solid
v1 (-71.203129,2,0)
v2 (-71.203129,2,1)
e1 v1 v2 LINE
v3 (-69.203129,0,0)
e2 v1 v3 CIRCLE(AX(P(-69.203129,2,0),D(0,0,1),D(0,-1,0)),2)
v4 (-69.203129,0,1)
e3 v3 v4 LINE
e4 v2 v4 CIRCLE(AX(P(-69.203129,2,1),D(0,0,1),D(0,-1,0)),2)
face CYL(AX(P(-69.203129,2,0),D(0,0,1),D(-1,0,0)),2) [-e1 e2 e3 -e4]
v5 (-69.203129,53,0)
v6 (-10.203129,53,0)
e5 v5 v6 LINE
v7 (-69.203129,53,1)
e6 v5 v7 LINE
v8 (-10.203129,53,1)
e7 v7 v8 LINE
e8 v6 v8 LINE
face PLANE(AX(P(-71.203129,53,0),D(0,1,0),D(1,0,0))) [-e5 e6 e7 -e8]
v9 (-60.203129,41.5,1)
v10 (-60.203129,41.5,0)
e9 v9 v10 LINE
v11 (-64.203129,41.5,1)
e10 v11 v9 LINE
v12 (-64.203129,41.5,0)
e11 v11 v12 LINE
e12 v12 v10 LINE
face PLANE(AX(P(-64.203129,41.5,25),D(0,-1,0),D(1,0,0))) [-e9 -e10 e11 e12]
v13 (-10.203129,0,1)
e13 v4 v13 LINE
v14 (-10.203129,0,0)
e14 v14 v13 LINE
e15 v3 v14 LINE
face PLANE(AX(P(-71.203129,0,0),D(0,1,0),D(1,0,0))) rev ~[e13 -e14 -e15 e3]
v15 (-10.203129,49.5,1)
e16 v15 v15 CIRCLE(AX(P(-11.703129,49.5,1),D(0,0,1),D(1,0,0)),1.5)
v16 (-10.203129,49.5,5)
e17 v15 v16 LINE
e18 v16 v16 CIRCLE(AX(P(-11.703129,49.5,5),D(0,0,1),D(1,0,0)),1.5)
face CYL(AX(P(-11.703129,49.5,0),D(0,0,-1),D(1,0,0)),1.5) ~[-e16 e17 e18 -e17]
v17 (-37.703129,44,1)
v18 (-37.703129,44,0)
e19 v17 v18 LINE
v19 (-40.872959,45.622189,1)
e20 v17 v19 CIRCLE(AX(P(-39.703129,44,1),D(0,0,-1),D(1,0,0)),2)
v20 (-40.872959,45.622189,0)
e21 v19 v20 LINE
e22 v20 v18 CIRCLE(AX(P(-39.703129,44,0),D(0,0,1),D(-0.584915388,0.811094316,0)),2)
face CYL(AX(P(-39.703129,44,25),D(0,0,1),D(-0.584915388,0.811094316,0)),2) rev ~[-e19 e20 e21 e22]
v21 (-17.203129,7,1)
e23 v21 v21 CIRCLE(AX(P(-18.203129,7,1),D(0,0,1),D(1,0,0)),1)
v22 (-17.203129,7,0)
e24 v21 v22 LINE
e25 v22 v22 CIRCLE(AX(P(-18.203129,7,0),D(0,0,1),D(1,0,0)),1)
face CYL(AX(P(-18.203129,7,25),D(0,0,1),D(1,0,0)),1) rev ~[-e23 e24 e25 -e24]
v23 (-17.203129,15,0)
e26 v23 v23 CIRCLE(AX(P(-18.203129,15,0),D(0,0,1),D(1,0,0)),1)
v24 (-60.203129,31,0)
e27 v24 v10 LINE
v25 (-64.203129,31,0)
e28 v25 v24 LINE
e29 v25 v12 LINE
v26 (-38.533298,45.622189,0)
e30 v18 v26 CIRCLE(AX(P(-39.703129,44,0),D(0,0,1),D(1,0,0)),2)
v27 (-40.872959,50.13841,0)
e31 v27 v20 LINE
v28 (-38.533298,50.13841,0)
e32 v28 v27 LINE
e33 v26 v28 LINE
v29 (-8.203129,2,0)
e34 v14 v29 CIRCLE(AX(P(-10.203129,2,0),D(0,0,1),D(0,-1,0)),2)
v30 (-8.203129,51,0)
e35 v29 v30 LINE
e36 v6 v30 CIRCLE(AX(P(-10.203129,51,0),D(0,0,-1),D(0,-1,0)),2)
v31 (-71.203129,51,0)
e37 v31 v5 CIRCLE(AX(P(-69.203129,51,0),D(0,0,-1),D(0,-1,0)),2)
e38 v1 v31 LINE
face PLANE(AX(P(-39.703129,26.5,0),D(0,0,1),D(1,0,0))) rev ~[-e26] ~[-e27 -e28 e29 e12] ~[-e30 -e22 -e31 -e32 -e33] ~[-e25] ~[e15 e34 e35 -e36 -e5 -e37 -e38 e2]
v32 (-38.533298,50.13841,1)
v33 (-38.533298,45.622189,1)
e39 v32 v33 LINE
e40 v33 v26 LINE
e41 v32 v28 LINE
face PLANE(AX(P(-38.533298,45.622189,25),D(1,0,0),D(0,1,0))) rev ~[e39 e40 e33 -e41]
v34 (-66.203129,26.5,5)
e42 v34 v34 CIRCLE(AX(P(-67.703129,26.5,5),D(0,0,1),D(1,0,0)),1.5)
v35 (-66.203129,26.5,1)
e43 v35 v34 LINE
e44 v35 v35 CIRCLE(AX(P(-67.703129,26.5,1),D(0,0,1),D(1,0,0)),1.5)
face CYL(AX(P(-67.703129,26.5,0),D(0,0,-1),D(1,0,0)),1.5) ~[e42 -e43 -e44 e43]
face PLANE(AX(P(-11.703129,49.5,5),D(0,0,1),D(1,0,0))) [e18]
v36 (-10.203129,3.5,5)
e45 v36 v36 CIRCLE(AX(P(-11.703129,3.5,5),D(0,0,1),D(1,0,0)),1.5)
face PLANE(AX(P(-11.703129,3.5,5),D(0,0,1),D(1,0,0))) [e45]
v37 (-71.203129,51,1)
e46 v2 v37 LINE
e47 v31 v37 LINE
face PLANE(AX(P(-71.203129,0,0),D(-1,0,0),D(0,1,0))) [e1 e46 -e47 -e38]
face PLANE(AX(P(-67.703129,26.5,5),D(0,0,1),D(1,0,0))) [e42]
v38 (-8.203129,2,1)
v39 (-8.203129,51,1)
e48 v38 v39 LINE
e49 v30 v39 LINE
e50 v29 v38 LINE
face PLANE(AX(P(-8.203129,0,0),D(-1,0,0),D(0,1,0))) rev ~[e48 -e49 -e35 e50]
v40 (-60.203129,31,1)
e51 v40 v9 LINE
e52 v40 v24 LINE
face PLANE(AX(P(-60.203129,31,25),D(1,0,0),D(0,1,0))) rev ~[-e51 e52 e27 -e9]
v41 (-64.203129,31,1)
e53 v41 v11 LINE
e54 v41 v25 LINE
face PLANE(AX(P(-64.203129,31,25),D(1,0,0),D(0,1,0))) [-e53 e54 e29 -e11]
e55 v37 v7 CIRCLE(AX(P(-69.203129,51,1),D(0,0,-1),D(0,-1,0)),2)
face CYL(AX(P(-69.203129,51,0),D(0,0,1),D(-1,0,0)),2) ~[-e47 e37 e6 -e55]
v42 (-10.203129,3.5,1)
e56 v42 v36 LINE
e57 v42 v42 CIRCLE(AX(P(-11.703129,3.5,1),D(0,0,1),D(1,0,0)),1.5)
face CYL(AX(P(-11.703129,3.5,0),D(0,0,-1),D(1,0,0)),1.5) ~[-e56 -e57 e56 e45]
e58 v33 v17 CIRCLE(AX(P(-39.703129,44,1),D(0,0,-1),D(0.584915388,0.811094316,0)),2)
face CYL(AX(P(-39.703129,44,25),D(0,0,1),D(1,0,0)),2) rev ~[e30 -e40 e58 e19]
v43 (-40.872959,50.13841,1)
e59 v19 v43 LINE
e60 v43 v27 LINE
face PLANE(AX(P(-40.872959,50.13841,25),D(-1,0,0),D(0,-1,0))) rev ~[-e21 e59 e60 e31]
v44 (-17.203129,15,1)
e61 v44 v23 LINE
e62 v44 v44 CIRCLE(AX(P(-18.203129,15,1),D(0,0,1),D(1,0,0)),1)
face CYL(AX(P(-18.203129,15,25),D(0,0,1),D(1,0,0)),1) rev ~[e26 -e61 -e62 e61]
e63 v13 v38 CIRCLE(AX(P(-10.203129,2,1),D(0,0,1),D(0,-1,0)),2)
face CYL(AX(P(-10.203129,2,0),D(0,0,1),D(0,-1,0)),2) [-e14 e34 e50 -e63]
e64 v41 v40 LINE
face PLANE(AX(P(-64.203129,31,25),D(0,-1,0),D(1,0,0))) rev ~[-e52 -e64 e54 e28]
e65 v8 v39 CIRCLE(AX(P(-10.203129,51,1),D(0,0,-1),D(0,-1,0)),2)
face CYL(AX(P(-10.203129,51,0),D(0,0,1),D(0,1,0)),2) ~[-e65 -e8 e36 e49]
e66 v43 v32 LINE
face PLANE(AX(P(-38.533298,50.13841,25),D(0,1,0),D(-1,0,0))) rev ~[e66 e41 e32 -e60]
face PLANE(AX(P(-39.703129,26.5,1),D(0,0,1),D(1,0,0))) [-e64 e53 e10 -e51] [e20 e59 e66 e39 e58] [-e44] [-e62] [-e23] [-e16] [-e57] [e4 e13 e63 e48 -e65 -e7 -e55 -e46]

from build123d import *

# Parameters (mm, degrees)
F1_W     = 63
F1_H     = 53
F1_R     = 1.5
F1_R_2   = 1
F1_W_2   = 4
F1_H_2   = 10.5
F2_DEPTH = 1
F3_R     = 2
F4_DEPTH = 25
F5_DEPTH = 25
F6_DEPTH = 25
F7_DEPTH = 20


with BuildPart() as f2:
    # F1 (on face) → F2 (new body)
    with BuildSketch(Plane.XY):
        with Locations((-39.7031286434, 26.5)):
            Rectangle(F1_W, F1_H)
        with Locations((-11.7031286434, 3.5)):
            Circle(F1_R, mode=Mode.SUBTRACT)
        with Locations((-18.2031286434, 7)):
            Circle(F1_R_2, mode=Mode.SUBTRACT)
        with Locations((-18.2031286434, 15)):
            Circle(F1_R_2, mode=Mode.SUBTRACT)
        with Locations((-67.7031286434, 26.5)):
            Circle(F1_R, mode=Mode.SUBTRACT)
        with Locations((-62.2031286434, 36.25)):
            Rectangle(F1_W_2, F1_H_2, mode=Mode.SUBTRACT)
        with BuildLine():
            ThreePointArc((-38.5332978681, 45.6221886318), (-37.9227267856, 44.9111362273), (-37.7031286434, 44))
            ThreePointArc((-37.7031286434, 44), (-40.6142648707, 42.2195981422), (-40.8729594187, 45.6221886318))
            Line((-40.8729594187, 45.6221886318), (-40.8729594187, 50.1384101469))
            Line((-40.8729594187, 50.1384101469), (-38.5332978681, 50.1384101469))
            Line((-38.5332978681, 50.1384101469), (-38.5332978681, 45.6221886318))
        make_face(mode=Mode.SUBTRACT)
        with Locations((-11.7031286434, 49.5)):
            Circle(F1_R, mode=Mode.SUBTRACT)
    extrude(amount=F2_DEPTH)

    # F3
    f3_edges = [f2.edges().sort_by_distance(p)[0] for p in [
        (-71.203129, 53, 0.5),
        (-71.203129, 0, 0.5),
        (-8.203129, 0, 0.5),
        (-8.203129, 53, 0.5),
    ]]
    fillet(f3_edges, radius=F3_R)

    # F1 (on face) → F4 (join)
    with BuildSketch(Plane.XY):
        with Locations((-11.7031286434, 49.5)):
            Circle(F1_R)
        with Locations((-11.7031286434, 3.5)):
            Circle(F1_R)
        with Locations((-67.7031286434, 26.5)):
            Circle(F1_R)
        with Locations((-62.2031286434, 36.25)):
            Rectangle(F1_W_2, F1_H_2)
        with Locations((-18.2031286434, 7)):
            Circle(F1_R_2)
        with Locations((-18.2031286434, 15)):
            Circle(F1_R_2)
        with BuildLine():
            ThreePointArc((-40.8729594187, 45.6221886318), (-40.6142648707, 42.2195981422), (-37.7031286434, 44))
            ThreePointArc((-37.7031286434, 44), (-37.9227267856, 44.9111362273), (-38.5332978681, 45.6221886318))
            Line((-38.5332978681, 45.6221886318), (-40.8729594187, 45.6221886318))
        make_face()
        with BuildLine():
            Line((-40.8729594187, 45.6221886318), (-38.5332978681, 45.6221886318))
            ThreePointArc((-38.5332978681, 45.6221886318), (-39.7031286434, 46), (-40.8729594187, 45.6221886318))
        make_face()
        with BuildLine():
            ThreePointArc((-40.8729594187, 45.6221886318), (-39.7031286434, 46), (-38.5332978681, 45.6221886318))
            Line((-38.5332978681, 45.6221886318), (-38.5332978681, 50.1384101469))
            Line((-38.5332978681, 50.1384101469), (-40.8729594187, 50.1384101469))
            Line((-40.8729594187, 50.1384101469), (-40.8729594187, 45.6221886318))
        make_face()
    extrude(amount=F4_DEPTH)

    # F5 (cut): a face of the model
    f5_faces = [f2.faces().sort_by_distance(p)[0] for p in [
        (-62.2031286434, 36.25, 25),
    ]]
    extrude(f5_faces, amount=-F5_DEPTH, mode=Mode.SUBTRACT)

    # F6 (cut): faces of the model
    f6_faces = [f2.faces().sort_by_distance(p)[0] for p in [
        (-39.7031286434, 45.772355973, 25),
        (-18.2031286434, 15, 25),
        (-18.2031286434, 7, 25),
    ]]
    extrude(f6_faces, amount=-F6_DEPTH, mode=Mode.SUBTRACT)

    # F7 (cut): faces of the model
    f7_faces = [f2.faces().sort_by_distance(p)[0] for p in [
        (-11.7031286434, 49.5, 25),
        (-67.7031286434, 26.5, 25),
        (-11.7031286434, 3.5, 25),
    ]]
    extrude(f7_faces, amount=-F7_DEPTH, mode=Mode.SUBTRACT)


solid = f2.part
